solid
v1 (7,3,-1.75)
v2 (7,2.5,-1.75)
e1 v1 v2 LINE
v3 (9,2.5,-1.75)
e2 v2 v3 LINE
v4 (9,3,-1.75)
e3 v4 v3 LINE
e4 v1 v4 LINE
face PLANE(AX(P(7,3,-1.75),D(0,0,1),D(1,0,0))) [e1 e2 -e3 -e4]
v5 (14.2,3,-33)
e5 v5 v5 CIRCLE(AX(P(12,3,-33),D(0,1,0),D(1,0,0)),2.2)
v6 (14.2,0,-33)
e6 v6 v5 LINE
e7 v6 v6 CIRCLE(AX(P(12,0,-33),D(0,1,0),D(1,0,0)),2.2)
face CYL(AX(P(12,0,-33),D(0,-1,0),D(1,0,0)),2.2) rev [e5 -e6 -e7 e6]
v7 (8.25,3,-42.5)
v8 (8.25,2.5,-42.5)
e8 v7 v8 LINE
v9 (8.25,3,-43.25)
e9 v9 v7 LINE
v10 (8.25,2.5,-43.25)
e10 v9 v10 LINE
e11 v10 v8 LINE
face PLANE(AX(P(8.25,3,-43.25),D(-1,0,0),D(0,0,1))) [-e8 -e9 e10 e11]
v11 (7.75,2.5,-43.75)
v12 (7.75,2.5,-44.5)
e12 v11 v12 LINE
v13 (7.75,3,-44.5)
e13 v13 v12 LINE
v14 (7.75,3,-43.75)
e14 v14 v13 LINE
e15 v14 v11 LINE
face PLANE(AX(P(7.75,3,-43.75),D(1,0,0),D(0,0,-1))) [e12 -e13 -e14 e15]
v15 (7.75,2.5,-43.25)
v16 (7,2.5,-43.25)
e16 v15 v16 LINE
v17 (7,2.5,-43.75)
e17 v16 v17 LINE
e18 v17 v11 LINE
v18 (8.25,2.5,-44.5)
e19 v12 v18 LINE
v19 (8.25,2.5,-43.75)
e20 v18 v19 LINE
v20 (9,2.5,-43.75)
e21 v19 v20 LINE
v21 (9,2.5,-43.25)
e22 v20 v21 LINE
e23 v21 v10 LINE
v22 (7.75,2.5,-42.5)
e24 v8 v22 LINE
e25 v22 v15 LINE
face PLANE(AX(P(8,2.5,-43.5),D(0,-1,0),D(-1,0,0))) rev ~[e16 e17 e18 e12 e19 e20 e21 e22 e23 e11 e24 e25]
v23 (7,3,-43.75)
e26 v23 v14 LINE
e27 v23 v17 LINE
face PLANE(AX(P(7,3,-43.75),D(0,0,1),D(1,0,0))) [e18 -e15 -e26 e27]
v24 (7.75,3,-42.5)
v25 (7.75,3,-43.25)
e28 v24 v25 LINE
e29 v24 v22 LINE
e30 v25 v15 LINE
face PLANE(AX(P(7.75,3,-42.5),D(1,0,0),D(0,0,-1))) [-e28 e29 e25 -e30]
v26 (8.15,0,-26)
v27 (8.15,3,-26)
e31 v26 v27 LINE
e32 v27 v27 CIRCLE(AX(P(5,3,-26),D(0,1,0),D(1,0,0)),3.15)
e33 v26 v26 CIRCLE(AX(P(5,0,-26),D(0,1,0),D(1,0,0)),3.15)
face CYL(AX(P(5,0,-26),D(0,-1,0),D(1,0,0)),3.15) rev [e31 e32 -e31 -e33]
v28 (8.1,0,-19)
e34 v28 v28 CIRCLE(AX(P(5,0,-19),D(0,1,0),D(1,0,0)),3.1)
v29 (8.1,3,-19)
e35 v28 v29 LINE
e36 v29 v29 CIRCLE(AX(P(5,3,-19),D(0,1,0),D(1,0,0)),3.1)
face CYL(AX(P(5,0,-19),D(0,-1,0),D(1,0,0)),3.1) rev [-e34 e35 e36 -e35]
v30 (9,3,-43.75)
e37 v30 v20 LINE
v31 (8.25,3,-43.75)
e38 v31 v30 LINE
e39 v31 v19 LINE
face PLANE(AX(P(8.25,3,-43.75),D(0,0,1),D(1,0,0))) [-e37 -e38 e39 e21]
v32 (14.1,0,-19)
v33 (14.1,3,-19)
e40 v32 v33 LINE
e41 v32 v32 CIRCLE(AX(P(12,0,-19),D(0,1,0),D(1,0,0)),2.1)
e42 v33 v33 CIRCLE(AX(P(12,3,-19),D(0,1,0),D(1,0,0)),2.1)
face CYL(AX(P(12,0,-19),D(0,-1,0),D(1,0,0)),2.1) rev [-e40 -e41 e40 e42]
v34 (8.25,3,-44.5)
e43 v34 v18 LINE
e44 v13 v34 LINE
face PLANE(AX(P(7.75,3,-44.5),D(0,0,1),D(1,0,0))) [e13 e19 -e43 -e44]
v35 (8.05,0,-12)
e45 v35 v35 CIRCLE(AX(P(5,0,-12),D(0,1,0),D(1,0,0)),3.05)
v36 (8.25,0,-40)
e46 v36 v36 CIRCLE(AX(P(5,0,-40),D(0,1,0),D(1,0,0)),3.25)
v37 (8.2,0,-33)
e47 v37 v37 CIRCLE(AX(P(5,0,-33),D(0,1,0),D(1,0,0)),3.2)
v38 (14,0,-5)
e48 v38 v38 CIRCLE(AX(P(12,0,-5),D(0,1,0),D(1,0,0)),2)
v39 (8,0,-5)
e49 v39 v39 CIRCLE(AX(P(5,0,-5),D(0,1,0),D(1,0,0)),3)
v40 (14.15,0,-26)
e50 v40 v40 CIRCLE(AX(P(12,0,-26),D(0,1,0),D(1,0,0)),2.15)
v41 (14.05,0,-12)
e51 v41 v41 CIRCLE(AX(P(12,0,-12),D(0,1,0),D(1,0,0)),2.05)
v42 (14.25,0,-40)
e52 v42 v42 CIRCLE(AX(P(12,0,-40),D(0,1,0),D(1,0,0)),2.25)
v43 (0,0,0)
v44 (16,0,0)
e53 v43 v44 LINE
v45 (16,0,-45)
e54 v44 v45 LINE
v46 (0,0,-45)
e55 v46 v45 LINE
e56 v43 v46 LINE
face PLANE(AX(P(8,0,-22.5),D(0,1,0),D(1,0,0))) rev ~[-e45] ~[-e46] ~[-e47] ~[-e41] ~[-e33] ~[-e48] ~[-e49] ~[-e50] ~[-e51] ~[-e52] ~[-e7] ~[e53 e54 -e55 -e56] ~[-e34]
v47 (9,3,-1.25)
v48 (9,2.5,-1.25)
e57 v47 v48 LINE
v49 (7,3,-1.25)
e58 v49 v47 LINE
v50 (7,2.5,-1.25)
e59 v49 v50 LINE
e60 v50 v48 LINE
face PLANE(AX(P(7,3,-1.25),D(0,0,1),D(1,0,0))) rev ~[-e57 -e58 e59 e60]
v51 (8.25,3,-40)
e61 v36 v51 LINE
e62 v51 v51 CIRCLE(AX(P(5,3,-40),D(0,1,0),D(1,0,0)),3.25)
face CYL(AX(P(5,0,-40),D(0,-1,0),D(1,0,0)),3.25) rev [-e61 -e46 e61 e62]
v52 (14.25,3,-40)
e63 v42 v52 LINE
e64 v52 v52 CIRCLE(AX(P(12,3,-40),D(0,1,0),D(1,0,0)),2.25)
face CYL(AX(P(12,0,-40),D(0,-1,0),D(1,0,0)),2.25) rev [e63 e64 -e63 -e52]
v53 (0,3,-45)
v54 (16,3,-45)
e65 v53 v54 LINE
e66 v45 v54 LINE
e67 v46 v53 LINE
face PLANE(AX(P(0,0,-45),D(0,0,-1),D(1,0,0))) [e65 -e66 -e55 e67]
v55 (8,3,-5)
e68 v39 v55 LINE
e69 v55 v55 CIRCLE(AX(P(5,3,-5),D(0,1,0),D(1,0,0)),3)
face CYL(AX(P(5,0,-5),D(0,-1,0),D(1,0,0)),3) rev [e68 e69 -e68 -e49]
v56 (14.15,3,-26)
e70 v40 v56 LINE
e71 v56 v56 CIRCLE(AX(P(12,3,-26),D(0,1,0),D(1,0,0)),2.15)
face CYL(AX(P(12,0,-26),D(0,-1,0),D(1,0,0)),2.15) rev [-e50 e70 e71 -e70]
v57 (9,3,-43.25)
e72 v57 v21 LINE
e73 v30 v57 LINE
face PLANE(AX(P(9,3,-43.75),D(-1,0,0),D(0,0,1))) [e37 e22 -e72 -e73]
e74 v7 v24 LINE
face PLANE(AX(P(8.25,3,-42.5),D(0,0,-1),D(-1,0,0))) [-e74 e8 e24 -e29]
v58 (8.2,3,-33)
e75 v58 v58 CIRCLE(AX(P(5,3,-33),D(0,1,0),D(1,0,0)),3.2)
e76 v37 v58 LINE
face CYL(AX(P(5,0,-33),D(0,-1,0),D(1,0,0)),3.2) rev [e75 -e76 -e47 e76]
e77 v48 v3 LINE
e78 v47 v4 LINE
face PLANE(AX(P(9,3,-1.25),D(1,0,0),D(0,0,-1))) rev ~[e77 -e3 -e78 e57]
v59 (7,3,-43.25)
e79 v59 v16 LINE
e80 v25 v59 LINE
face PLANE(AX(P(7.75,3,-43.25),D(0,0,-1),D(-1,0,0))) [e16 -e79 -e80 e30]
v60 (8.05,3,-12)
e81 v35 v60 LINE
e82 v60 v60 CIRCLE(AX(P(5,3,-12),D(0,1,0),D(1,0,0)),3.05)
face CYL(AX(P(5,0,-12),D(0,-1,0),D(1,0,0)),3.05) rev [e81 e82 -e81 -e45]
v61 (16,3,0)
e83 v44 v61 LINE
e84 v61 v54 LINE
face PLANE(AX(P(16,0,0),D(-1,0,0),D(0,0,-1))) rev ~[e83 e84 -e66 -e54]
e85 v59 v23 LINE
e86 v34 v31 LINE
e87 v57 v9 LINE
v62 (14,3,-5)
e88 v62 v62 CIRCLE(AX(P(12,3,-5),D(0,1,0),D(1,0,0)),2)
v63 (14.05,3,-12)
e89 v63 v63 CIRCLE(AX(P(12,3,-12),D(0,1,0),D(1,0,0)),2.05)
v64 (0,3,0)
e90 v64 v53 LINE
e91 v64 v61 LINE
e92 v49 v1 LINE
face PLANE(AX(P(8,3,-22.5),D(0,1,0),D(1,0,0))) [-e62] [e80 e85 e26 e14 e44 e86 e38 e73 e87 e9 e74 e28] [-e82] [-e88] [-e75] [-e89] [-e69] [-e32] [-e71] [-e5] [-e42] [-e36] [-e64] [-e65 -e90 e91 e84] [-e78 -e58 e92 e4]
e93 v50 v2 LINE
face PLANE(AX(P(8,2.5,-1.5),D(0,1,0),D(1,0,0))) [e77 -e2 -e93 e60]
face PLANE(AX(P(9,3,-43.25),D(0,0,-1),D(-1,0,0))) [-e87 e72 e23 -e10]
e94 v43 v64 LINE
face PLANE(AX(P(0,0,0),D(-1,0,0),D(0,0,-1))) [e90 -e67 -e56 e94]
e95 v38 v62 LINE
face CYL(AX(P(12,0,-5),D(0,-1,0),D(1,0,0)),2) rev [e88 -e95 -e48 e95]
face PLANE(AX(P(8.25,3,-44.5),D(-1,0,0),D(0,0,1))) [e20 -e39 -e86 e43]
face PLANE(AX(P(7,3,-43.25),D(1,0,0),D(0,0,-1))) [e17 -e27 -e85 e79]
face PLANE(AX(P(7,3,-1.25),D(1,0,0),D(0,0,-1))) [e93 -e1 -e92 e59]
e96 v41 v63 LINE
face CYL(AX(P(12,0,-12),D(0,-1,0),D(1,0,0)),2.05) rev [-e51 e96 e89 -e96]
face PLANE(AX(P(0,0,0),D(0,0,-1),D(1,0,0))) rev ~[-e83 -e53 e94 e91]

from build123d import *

# Parameters (mm, degrees)
SKETCH1_W           = 16
SKETCH1_H           = 45
SKETCH1_R           = 3
SKETCH1_R_2         = 3.05
SKETCH1_R_3         = 3.1
SKETCH1_R_4         = 3.15
SKETCH1_R_5         = 3.2
SKETCH1_R_6         = 3.25
SKETCH1_R_7         = 2.25
SKETCH1_R_8         = 2.2
SKETCH1_R_9         = 2.15
SKETCH1_R_10        = 2.1
SKETCH1_R_11        = 2.05
SKETCH1_R_12        = 2
BOSS_EXTRUDE1_DEPTH = 3
SKETCH2_W           = 2
SKETCH2_H           = 0.5
CUT_EXTRUDE1_DEPTH  = 0.5


with BuildPart() as part:
    # Sketch1 → Boss-Extrude1 (new body)
    with BuildSketch(Plane(origin=(0, 0, 0), x_dir=(1, 0, 0), z_dir=(0, 1, 0))):
        with Locations((8, 22.5)):
            Rectangle(SKETCH1_W, SKETCH1_H)
        with Locations((5, 5)):
            Circle(SKETCH1_R, mode=Mode.SUBTRACT)
        with Locations((5, 12)):
            Circle(SKETCH1_R_2, mode=Mode.SUBTRACT)
        with Locations((5, 19)):
            Circle(SKETCH1_R_3, mode=Mode.SUBTRACT)
        with Locations((5, 26)):
            Circle(SKETCH1_R_4, mode=Mode.SUBTRACT)
        with Locations((5, 33)):
            Circle(SKETCH1_R_5, mode=Mode.SUBTRACT)
        with Locations((5, 40)):
            Circle(SKETCH1_R_6, mode=Mode.SUBTRACT)
        with Locations((12, 40)):
            Circle(SKETCH1_R_7, mode=Mode.SUBTRACT)
        with Locations((12, 33)):
            Circle(SKETCH1_R_8, mode=Mode.SUBTRACT)
        with Locations((12, 26)):
            Circle(SKETCH1_R_9, mode=Mode.SUBTRACT)
        with Locations((12, 19)):
            Circle(SKETCH1_R_10, mode=Mode.SUBTRACT)
        with Locations((12, 12)):
            Circle(SKETCH1_R_11, mode=Mode.SUBTRACT)
        with Locations((12, 5)):
            Circle(SKETCH1_R_12, mode=Mode.SUBTRACT)
    extrude(amount=BOSS_EXTRUDE1_DEPTH)

    # Sketch2 → Cut-Extrude1 (cut)
    with BuildSketch(Plane(origin=(0, 3, 0), x_dir=(1, 0, 0), z_dir=(0, 1, 0))):
        Polygon((7.75, 43.75), (7.75, 44.5), (8.25, 44.5), (8.25, 43.75), (9, 43.75), (9, 43.25), (8.25, 43.25), (8.25, 42.5), (7.75, 42.5), (7.75, 43.25), (7, 43.25), (7, 43.75), align=None)
        with Locations((8, 1.5)):
            Rectangle(SKETCH2_W, SKETCH2_H)
    extrude(amount=-CUT_EXTRUDE1_DEPTH, mode=Mode.SUBTRACT)


solid = part.part
